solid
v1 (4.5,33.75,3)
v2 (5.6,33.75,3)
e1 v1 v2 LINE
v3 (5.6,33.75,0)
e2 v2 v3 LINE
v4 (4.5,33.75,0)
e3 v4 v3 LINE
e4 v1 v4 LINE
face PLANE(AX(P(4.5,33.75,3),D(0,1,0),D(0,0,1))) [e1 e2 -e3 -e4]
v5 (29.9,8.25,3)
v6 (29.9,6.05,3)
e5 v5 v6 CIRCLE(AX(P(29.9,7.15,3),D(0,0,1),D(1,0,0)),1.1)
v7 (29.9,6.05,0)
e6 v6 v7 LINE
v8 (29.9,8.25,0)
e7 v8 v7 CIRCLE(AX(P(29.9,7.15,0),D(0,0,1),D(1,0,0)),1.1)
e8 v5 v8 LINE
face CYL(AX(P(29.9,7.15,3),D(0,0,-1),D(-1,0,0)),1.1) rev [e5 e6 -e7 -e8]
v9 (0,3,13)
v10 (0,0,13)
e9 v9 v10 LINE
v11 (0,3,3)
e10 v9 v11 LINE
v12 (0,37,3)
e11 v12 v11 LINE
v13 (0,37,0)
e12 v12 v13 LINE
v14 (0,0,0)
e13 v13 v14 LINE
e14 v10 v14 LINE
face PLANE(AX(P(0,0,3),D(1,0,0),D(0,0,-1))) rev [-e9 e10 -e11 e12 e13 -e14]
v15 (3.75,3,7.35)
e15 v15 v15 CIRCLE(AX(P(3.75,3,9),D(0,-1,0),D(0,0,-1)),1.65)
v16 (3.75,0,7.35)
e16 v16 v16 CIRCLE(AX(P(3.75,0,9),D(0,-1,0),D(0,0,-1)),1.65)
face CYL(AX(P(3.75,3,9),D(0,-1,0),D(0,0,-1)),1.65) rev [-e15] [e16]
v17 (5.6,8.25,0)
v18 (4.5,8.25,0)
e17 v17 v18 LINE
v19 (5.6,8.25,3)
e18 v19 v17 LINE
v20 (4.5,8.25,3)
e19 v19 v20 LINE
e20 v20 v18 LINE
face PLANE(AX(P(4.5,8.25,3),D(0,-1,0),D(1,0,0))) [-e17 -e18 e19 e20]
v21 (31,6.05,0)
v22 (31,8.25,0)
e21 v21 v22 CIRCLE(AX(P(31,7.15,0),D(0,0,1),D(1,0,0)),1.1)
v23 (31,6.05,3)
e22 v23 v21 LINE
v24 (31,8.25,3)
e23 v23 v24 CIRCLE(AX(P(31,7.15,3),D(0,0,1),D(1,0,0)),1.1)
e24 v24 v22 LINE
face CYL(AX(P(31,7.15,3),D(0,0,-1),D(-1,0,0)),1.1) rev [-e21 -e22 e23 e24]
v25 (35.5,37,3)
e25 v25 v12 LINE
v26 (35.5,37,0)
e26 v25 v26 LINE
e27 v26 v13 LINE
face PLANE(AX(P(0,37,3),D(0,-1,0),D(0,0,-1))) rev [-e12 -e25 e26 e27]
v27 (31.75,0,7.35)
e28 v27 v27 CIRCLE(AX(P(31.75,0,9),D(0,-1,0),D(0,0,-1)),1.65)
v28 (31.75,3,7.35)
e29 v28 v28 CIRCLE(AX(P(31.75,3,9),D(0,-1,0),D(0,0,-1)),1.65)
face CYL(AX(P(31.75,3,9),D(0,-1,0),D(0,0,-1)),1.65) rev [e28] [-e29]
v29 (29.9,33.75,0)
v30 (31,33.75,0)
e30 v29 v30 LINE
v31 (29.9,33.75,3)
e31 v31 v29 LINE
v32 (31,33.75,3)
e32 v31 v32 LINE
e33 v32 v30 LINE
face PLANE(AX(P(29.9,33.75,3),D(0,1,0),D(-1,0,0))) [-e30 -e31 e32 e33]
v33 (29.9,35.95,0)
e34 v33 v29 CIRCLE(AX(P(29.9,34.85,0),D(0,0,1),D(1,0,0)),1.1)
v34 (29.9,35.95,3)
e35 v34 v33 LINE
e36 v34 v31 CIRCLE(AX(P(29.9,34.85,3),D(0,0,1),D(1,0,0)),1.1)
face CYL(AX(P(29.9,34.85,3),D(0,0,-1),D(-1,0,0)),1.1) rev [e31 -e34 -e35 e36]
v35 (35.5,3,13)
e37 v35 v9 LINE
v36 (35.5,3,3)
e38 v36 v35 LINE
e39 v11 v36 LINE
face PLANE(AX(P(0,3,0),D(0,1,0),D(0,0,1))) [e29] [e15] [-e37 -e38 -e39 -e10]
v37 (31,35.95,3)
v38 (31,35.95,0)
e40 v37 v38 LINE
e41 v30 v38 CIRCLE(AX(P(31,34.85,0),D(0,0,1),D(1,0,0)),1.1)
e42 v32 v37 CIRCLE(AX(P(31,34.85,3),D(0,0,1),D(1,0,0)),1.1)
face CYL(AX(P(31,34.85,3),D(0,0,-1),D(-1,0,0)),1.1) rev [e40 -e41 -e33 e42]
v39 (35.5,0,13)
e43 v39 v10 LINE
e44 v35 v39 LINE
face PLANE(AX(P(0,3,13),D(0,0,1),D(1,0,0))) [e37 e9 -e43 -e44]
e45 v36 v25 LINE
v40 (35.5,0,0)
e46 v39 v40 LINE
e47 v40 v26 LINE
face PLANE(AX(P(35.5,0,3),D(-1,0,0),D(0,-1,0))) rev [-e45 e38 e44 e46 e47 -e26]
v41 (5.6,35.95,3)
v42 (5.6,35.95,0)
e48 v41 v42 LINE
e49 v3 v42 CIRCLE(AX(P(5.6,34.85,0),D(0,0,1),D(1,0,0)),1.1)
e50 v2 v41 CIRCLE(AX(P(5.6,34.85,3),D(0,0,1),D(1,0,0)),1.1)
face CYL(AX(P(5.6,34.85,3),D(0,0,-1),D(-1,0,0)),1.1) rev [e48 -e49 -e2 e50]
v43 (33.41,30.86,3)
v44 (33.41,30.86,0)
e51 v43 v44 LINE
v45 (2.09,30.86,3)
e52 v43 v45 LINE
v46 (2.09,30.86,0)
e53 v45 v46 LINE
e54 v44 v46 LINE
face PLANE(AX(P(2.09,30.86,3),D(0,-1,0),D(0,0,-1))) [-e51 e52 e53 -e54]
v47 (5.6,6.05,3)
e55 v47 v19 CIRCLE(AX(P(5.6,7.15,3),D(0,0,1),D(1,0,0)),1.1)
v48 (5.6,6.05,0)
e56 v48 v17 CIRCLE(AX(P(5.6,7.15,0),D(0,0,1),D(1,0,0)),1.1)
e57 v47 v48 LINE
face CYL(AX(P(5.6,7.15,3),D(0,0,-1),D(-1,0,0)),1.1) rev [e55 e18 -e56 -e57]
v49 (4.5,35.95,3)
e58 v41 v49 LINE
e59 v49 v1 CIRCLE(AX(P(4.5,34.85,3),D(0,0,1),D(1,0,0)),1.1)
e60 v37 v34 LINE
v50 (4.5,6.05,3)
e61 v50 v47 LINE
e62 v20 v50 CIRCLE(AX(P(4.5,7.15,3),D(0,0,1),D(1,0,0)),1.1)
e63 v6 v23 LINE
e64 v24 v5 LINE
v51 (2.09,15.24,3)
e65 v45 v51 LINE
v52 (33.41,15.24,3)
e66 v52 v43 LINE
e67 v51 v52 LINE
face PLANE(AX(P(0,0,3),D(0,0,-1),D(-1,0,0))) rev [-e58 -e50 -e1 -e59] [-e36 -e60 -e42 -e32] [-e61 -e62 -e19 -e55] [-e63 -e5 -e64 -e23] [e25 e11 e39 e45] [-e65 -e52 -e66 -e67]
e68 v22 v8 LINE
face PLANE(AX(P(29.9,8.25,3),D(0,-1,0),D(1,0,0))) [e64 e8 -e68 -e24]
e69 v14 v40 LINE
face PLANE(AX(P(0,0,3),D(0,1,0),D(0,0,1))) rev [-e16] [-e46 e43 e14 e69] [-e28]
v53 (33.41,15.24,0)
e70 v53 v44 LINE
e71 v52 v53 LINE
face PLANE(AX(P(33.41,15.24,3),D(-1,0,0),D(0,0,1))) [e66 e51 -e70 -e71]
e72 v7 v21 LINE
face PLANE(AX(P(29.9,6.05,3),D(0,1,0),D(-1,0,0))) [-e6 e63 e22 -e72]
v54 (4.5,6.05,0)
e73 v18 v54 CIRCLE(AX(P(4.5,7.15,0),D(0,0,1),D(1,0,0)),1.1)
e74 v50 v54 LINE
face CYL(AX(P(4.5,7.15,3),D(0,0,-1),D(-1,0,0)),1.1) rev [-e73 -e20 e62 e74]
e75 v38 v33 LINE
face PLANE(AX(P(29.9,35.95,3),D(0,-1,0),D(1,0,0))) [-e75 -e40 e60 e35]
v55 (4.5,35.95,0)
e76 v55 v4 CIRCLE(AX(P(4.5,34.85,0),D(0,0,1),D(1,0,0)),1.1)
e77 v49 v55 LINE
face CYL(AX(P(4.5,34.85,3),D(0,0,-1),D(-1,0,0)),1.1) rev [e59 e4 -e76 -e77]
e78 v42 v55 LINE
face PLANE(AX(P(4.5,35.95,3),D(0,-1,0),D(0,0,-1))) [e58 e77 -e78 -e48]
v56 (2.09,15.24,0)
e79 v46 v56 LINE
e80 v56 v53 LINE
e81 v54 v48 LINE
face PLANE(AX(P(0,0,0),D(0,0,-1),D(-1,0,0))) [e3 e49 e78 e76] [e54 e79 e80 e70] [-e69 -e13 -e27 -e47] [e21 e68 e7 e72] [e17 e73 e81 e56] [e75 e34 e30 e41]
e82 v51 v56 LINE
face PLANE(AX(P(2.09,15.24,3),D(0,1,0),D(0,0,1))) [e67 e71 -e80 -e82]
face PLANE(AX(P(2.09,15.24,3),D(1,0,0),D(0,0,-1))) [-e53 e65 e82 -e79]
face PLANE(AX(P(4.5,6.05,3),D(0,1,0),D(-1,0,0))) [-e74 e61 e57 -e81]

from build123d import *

# Parameters (mm, degrees)
SKETCH1_W           = 35.5
SKETCH1_H           = 37
SKETCH1_W_2         = 31.32
SKETCH1_H_2         = 15.62
BOSS_EXTRUDE1_DEPTH = 3
SKETCH2_W           = 35.5
SKETCH2_H           = 10
SKETCH2_R           = 1.65
BOSS_EXTRUDE2_DEPTH = 3


with BuildPart() as part:
    # Sketch1 → Boss-Extrude1 (new body)
    with BuildSketch(Plane.XY):
        with Locations((17.75, 18.5)):
            Rectangle(SKETCH1_W, SKETCH1_H)
        with BuildLine():
            Line((4.5, 35.95), (5.6, 35.95))
            ThreePointArc((5.6, 35.95), (6.7, 34.85), (5.6, 33.75))
            Line((5.6, 33.75), (4.5, 33.75))
            ThreePointArc((4.5, 33.75), (3.4, 34.85), (4.5, 35.95))
        make_face(mode=Mode.SUBTRACT)
        with BuildLine():
            Line((29.9, 35.95), (31, 35.95))
            ThreePointArc((31, 35.95), (32.1, 34.85), (31, 33.75))
            Line((31, 33.75), (29.9, 33.75))
            ThreePointArc((29.9, 33.75), (28.8, 34.85), (29.9, 35.95))
        make_face(mode=Mode.SUBTRACT)
        with BuildLine():
            Line((29.9, 8.25), (31, 8.25))
            ThreePointArc((31, 8.25), (32.1, 7.15), (31, 6.05))
            Line((31, 6.05), (29.9, 6.05))
            ThreePointArc((29.9, 6.05), (28.8, 7.15), (29.9, 8.25))
        make_face(mode=Mode.SUBTRACT)
        with BuildLine():
            Line((4.5, 8.25), (5.6, 8.25))
            ThreePointArc((5.6, 8.25), (6.7, 7.15), (5.6, 6.05))
            Line((5.6, 6.05), (4.5, 6.05))
            ThreePointArc((4.5, 6.05), (3.4, 7.15), (4.5, 8.25))
        make_face(mode=Mode.SUBTRACT)
        with Locations((17.75, 23.05)):
            Rectangle(SKETCH1_W_2, SKETCH1_H_2, mode=Mode.SUBTRACT)
    extrude(amount=BOSS_EXTRUDE1_DEPTH)

    # Sketch2 → Boss-Extrude2 (add)
    with BuildSketch(Plane.XZ):
        with Locations((17.75, 8)):
            Rectangle(SKETCH2_W, SKETCH2_H)
        with Locations(Location((3.75, 9, 0), (0, 0, 270))):
            Circle(SKETCH2_R, mode=Mode.SUBTRACT)
        with Locations(Location((31.75, 9, 0), (0, 0, 270))):
            Circle(SKETCH2_R, mode=Mode.SUBTRACT)
    extrude(amount=-BOSS_EXTRUDE2_DEPTH)


solid = part.part
